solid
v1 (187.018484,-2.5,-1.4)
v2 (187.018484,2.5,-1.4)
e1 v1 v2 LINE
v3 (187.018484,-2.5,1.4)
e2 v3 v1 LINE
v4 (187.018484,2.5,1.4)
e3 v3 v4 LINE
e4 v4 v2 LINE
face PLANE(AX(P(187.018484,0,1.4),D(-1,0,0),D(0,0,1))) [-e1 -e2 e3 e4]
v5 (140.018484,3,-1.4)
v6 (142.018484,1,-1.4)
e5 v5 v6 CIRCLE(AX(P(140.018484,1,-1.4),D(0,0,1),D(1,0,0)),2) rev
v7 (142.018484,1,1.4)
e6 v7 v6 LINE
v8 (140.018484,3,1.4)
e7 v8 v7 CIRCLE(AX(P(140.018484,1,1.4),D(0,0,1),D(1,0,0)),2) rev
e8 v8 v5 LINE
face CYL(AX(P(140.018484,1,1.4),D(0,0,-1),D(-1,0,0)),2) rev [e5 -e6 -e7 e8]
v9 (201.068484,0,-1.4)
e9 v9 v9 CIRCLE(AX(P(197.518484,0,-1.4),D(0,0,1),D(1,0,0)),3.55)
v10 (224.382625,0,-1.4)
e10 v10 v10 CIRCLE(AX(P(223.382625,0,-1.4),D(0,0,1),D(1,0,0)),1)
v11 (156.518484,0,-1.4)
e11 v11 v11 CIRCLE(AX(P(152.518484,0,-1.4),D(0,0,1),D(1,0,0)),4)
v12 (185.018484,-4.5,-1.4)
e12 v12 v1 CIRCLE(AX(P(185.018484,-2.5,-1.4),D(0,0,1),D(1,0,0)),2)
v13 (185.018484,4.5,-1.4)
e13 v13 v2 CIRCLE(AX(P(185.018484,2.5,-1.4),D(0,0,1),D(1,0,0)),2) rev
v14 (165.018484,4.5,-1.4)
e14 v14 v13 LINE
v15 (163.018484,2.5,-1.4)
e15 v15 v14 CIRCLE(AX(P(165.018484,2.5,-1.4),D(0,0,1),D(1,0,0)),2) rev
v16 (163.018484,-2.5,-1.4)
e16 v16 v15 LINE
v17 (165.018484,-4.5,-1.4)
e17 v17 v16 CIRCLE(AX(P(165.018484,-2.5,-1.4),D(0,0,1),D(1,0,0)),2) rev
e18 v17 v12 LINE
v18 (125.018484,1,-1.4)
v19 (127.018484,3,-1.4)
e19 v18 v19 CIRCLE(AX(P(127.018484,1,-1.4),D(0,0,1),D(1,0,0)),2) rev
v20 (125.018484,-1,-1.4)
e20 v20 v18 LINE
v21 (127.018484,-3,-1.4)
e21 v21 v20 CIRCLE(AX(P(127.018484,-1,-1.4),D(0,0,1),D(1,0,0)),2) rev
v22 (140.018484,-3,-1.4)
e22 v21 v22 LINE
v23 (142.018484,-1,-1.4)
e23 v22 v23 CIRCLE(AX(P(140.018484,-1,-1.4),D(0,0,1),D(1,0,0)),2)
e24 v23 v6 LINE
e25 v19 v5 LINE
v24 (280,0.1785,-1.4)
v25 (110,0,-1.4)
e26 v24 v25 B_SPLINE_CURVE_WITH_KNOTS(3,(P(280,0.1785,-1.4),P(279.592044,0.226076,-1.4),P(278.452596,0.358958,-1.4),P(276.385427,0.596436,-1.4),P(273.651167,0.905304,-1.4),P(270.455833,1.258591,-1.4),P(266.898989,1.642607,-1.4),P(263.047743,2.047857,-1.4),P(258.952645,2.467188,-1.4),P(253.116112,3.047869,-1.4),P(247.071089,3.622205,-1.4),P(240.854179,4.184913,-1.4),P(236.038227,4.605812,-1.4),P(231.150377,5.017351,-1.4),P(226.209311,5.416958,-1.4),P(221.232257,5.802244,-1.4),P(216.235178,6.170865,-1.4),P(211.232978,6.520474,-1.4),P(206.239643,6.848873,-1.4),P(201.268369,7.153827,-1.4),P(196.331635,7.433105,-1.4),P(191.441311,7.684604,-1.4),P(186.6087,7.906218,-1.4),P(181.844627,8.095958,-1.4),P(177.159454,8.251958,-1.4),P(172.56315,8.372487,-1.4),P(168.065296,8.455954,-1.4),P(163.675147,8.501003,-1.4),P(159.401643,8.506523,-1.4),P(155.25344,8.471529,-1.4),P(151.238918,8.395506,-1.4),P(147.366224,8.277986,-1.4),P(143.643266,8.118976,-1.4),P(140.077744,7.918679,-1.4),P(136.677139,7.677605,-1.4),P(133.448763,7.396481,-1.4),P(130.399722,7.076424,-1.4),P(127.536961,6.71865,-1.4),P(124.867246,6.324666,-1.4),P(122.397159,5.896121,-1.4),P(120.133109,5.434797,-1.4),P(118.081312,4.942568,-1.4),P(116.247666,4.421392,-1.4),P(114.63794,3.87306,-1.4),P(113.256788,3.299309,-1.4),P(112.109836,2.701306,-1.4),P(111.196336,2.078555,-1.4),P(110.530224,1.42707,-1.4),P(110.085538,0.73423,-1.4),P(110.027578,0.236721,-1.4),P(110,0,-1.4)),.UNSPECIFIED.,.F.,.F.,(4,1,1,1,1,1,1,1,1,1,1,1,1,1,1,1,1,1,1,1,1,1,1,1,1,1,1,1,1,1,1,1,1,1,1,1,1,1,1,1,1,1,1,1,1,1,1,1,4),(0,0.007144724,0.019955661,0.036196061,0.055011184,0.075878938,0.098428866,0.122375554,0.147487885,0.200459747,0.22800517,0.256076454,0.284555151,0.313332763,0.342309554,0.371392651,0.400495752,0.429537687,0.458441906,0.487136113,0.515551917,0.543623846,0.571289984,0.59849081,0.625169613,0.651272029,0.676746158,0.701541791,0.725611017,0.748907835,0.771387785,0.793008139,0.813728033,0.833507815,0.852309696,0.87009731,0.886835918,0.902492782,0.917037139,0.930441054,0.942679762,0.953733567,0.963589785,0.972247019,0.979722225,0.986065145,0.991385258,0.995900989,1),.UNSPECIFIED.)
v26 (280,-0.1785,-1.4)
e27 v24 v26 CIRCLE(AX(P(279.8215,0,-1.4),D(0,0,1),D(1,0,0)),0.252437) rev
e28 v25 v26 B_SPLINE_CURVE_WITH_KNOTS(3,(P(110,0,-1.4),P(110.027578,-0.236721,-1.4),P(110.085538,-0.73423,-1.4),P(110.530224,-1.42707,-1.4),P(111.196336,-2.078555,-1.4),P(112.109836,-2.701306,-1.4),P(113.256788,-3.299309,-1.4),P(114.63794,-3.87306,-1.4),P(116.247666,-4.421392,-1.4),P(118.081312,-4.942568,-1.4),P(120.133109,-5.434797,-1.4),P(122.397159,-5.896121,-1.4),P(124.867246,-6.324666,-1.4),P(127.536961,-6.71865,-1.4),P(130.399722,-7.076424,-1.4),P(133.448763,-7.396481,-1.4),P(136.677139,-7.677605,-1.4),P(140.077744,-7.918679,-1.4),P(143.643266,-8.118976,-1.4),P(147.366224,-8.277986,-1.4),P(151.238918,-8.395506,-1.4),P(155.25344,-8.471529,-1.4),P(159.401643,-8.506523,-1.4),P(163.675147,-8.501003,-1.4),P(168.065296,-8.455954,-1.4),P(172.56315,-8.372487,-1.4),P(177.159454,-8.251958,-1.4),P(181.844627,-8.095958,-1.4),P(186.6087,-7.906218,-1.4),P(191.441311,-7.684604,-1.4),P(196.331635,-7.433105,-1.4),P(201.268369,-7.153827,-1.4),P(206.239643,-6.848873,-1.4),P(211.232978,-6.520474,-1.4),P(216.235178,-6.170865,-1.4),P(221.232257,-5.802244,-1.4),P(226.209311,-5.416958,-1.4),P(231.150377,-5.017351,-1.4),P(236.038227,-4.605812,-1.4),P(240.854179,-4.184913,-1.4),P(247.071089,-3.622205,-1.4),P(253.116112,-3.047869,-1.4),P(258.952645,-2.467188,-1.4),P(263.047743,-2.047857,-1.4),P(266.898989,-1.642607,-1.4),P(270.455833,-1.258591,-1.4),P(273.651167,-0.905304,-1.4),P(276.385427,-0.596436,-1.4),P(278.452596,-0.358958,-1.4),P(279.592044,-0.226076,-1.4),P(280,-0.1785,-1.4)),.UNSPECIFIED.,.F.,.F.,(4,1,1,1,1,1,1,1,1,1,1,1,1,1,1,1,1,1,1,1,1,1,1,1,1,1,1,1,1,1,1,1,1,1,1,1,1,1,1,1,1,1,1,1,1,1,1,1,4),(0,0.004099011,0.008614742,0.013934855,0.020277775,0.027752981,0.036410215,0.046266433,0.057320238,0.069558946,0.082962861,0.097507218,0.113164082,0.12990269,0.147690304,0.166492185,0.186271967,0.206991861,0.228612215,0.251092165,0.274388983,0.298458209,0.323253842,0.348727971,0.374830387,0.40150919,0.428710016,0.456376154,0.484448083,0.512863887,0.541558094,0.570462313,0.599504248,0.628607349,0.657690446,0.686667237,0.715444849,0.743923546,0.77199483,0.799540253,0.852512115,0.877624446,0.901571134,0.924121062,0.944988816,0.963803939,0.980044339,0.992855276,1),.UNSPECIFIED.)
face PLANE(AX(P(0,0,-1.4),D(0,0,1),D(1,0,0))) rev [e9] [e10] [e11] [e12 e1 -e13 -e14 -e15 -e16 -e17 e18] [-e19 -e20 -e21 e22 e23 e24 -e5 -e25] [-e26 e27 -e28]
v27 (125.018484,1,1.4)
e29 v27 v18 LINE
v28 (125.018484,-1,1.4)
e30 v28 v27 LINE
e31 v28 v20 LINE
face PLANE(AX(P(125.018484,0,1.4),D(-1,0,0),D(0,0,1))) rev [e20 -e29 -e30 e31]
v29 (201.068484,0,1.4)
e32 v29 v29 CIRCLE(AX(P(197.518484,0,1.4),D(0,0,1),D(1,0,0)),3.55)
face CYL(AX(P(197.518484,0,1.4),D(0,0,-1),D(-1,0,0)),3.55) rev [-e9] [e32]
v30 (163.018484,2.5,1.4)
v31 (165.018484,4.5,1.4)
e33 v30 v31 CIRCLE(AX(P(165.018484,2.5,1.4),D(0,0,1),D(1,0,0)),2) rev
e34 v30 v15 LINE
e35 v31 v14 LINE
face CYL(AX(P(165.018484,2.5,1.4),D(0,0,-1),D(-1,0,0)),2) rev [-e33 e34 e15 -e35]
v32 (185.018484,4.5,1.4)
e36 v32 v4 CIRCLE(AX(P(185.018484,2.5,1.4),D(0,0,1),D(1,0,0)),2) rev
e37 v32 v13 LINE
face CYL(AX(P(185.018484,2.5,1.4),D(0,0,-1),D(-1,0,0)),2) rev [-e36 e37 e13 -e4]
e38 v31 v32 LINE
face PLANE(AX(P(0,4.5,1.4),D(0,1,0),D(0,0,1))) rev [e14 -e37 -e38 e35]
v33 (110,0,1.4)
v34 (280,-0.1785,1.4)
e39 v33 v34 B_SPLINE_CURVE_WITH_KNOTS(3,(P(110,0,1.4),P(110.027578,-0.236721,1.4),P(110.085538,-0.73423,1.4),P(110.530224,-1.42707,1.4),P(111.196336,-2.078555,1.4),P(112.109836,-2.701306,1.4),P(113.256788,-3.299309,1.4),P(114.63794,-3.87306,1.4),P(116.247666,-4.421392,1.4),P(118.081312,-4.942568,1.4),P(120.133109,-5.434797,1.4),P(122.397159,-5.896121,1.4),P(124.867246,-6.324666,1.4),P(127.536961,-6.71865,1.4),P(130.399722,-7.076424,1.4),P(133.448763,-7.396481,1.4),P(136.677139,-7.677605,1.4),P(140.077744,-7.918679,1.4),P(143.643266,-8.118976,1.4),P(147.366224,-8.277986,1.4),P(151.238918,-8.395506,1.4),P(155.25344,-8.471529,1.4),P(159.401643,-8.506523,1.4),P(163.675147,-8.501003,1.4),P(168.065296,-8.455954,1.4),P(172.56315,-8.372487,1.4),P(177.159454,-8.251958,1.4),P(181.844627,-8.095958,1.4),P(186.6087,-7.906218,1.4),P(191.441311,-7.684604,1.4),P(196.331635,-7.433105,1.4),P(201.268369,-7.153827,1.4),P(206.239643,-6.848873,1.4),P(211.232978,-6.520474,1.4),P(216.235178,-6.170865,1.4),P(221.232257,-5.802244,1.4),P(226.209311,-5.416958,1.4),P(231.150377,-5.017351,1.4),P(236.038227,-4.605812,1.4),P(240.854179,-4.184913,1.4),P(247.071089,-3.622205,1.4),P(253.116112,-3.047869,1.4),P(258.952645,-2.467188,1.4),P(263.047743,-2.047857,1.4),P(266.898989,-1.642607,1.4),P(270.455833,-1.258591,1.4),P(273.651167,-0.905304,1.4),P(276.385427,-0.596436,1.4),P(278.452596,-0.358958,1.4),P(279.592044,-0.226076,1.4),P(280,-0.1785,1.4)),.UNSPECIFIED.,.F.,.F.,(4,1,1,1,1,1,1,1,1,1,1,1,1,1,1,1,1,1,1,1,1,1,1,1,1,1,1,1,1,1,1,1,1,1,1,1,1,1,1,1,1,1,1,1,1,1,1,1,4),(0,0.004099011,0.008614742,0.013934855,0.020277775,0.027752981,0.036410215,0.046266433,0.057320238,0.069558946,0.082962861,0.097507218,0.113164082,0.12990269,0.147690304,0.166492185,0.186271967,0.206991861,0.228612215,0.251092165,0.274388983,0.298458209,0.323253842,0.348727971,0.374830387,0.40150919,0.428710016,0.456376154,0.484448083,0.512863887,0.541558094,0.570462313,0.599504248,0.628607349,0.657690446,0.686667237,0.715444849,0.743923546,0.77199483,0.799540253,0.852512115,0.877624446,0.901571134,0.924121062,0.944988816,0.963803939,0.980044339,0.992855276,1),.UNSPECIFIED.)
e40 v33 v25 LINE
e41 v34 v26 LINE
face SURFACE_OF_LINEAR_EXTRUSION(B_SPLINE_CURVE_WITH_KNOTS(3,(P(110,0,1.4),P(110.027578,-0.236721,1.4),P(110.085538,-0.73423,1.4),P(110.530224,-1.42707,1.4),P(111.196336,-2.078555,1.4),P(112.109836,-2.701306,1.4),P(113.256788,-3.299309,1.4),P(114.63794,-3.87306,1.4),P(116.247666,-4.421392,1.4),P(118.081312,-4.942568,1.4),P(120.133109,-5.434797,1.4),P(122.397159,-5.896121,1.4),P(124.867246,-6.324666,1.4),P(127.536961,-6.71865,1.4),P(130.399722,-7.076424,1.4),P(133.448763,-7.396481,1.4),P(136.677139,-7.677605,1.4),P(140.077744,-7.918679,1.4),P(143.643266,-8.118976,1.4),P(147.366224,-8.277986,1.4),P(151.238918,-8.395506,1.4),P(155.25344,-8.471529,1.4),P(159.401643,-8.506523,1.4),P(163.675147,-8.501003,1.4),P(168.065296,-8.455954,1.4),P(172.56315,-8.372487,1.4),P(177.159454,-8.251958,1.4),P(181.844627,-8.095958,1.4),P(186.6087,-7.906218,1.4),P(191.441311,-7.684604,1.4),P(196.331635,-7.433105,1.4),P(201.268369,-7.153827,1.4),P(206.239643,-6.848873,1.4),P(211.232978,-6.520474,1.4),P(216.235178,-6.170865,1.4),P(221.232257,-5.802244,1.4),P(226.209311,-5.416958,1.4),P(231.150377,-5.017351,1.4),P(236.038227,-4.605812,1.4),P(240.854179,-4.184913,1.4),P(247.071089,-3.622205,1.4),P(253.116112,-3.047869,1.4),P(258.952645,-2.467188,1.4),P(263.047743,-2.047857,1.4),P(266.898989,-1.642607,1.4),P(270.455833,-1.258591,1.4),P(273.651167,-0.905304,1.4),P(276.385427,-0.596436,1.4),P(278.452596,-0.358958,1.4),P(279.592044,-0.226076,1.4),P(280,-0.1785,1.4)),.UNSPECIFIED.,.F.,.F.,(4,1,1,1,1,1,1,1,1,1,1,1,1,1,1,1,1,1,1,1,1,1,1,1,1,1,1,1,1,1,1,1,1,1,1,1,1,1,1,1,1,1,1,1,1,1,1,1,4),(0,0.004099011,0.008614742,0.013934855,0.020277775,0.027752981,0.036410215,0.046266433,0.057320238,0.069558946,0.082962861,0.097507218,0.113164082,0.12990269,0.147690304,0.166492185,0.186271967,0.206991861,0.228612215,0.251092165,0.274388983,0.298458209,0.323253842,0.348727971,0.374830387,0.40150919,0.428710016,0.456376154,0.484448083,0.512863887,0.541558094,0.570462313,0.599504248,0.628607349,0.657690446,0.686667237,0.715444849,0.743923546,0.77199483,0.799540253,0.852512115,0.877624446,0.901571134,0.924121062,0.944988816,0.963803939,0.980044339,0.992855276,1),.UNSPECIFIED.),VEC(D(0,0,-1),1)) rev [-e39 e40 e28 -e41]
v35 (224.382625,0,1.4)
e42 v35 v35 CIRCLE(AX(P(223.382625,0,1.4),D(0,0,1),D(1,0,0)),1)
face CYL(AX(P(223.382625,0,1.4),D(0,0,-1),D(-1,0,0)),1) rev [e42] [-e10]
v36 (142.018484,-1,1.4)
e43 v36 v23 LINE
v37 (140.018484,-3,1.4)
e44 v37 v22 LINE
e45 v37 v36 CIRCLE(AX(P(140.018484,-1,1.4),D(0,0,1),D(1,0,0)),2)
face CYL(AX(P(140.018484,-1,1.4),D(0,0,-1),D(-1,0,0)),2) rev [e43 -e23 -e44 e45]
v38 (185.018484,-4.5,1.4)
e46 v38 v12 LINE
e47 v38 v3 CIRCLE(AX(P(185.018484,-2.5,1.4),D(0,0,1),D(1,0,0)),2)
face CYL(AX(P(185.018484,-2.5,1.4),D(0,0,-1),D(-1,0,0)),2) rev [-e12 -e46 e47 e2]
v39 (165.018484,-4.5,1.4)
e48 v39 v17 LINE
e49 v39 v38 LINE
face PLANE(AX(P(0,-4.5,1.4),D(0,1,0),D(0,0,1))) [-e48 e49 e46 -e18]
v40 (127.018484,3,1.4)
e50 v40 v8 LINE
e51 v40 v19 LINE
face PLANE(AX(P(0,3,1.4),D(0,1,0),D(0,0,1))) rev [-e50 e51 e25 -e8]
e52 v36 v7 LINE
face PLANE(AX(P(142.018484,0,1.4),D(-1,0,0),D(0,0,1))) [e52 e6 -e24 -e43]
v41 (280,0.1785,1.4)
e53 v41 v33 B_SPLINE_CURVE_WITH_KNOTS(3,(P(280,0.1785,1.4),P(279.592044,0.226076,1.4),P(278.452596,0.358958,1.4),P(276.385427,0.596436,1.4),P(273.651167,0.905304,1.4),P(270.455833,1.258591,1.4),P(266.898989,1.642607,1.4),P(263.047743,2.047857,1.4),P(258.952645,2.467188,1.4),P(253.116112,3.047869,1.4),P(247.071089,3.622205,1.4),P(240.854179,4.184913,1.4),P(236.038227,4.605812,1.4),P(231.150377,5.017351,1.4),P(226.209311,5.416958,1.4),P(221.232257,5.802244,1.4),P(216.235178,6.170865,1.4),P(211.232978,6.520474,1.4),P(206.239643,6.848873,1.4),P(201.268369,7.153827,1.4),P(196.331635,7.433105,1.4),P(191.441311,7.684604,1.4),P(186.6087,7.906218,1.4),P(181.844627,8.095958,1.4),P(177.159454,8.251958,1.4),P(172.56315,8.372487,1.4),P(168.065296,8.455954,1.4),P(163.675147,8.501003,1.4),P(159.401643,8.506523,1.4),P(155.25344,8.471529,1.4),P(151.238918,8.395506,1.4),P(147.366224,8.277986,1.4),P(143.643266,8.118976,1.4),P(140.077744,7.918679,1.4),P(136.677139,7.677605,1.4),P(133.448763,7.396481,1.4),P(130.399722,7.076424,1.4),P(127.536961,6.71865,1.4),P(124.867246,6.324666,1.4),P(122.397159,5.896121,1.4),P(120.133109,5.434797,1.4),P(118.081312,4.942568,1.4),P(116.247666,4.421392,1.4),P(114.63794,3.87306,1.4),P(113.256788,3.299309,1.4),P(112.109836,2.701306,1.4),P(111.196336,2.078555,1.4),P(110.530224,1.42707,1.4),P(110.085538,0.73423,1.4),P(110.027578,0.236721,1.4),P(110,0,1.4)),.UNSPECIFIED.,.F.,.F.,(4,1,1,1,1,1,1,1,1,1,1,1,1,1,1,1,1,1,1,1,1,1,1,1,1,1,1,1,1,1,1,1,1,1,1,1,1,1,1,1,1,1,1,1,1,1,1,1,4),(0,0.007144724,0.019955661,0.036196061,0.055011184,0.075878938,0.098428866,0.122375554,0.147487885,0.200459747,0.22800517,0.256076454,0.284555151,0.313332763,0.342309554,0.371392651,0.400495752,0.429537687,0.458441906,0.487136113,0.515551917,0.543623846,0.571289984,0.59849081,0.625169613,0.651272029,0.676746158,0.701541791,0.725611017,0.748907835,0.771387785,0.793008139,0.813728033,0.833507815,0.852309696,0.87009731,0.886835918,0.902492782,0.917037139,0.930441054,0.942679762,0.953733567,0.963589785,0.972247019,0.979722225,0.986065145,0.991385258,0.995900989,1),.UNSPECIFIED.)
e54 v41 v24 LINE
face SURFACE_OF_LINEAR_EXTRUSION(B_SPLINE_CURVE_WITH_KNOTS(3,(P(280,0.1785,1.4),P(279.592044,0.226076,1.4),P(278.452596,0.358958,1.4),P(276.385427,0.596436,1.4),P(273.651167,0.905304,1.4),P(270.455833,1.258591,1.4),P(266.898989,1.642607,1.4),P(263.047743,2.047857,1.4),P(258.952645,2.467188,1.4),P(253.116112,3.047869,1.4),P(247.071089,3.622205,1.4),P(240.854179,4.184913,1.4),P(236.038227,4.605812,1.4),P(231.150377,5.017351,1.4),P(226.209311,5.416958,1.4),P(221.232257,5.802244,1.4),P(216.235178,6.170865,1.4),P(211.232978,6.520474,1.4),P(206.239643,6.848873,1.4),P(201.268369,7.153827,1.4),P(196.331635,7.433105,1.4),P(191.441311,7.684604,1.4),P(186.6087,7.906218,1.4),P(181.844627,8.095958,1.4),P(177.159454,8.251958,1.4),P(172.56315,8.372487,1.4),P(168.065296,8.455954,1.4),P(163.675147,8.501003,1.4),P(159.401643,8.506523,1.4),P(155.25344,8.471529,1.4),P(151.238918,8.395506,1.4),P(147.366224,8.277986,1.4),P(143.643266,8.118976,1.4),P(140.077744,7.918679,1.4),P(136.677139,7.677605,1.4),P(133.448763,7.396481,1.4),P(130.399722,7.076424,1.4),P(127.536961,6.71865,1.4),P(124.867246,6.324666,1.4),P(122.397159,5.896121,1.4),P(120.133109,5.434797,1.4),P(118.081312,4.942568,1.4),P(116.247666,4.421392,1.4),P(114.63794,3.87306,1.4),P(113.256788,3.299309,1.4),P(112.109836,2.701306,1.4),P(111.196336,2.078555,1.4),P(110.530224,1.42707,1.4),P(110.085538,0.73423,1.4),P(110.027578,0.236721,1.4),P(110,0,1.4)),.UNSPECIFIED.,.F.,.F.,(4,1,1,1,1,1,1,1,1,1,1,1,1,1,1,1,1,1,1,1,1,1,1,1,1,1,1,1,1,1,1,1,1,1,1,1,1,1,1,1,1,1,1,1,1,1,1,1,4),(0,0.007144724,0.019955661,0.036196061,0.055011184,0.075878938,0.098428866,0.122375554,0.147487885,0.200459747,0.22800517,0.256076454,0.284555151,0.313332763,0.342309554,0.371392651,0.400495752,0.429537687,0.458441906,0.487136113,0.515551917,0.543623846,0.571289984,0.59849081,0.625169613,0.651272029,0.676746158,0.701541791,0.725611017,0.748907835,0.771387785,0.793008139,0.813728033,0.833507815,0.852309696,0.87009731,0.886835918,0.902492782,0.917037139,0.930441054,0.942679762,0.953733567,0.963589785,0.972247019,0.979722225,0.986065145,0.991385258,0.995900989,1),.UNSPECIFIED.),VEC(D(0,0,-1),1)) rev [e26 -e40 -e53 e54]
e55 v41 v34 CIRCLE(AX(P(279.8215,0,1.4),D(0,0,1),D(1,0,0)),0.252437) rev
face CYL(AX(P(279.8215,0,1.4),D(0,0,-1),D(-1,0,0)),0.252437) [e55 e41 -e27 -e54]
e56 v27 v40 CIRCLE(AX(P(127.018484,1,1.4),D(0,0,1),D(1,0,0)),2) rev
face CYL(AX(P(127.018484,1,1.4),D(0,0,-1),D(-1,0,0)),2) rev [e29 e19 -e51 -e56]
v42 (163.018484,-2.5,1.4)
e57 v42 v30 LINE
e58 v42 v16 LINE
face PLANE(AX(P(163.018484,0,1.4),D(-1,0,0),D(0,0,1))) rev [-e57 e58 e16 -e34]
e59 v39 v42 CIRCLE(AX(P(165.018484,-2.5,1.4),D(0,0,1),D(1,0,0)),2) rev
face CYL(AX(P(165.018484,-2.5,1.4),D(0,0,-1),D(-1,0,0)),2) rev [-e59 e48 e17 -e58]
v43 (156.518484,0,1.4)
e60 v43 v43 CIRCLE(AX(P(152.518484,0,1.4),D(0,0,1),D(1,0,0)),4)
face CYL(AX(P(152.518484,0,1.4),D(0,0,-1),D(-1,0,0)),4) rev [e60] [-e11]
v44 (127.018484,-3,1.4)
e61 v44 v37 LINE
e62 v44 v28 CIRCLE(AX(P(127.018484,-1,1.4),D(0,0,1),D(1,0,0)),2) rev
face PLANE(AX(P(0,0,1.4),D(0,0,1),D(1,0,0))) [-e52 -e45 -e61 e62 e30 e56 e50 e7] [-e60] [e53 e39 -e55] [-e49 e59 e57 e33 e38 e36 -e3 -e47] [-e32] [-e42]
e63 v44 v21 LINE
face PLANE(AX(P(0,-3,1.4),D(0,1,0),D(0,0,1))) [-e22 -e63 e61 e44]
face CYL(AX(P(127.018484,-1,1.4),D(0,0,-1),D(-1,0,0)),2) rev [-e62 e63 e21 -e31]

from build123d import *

# Parameters (mm, degrees)
SKETCH_1_R      = 4
SKETCH_1_R_2    = 3.55
SKETCH_1_R_3    = 1
EXTRUDE_1_DEPTH = 1.4


with BuildPart() as part:
    # Эскиз1 → Бобышка-Вытянуть1 (new, symmetric)
    with BuildSketch(Plane.XY):
        with BuildLine():
            ThreePointArc((280, 0.1785), (280.073937121, 0), (280, -0.1785))
            add(Edge.make_bspline(
                [(110, 0), (110.027578176, -0.23672144), (110.085538218, -0.73423022), (110.530223642, -1.427069758), (111.196336341, -2.078555233), (112.109835923, -2.701306388), (113.256788366, -3.299309238), (114.63793972, -3.873060466), (116.247665798, -4.421392386), (118.081312133, -4.942567641), (120.133109351, -5.434797476), (122.397158974, -5.896120566), (124.867245825, -6.324666077), (127.536961089, -6.718650341), (130.399721686, -7.07642431), (133.448762895, -7.396480569), (136.677139412, -7.677604542), (140.077743555, -7.918678943), (143.643266298, -8.118975561), (147.366223919, -8.277985977), (151.238917925, -8.395506076), (155.253439756, -8.471528808), (159.401643404, -8.506522967), (163.675147454, -8.5010027), (168.065295924, -8.455953662), (172.563150272, -8.372486564), (177.159453511, -8.251957682), (181.844626933, -8.095958493), (186.608700127, -7.906218293), (191.441311474, -7.684604439), (196.331634567, -7.433105337), (201.268368917, -7.153826886), (206.239642946, -6.848873), (211.232977593, -6.52047435), (216.235178286, -6.170864577), (221.232257467, -5.802244475), (226.209311114, -5.416958265), (231.150377303, -5.017351103), (236.038226964, -4.605811749), (240.854179313, -4.184912649), (247.071089236, -3.62220531), (253.116111921, -3.047869044), (258.952644662, -2.467188138), (263.047743378, -2.047856604), (266.898988862, -1.642607304), (270.455833183, -1.258590905), (273.651166984, -0.905304265), (276.385426802, -0.596436482), (278.45259621, -0.358958361), (279.592043704, -0.226075898), (280, -0.1785)],
                knots=[0, 0, 0, 0, 0.004099011, 0.008614742, 0.013934855, 0.020277775, 0.027752981, 0.036410215, 0.046266433, 0.057320238, 0.069558946, 0.082962861, 0.097507218, 0.113164082, 0.12990269, 0.147690304, 0.166492185, 0.186271967, 0.206991861, 0.228612215, 0.251092165, 0.274388983, 0.298458209, 0.323253842, 0.348727971, 0.374830387, 0.40150919, 0.428710016, 0.456376154, 0.484448083, 0.512863887, 0.541558094, 0.570462313, 0.599504248, 0.628607349, 0.657690446, 0.686667237, 0.715444849, 0.743923546, 0.77199483, 0.799540253, 0.852512115, 0.877624446, 0.901571134, 0.924121062, 0.944988816, 0.963803939, 0.980044339, 0.992855276, 1, 1, 1, 1], degree=3))
            add(Edge.make_bspline(
                [(280, 0.1785), (279.592043704, 0.226075898), (278.45259621, 0.358958361), (276.385426802, 0.596436482), (273.651166984, 0.905304265), (270.455833183, 1.258590905), (266.898988862, 1.642607304), (263.047743378, 2.047856604), (258.952644662, 2.467188138), (253.116111921, 3.047869044), (247.071089236, 3.62220531), (240.854179313, 4.184912649), (236.038226964, 4.605811749), (231.150377303, 5.017351103), (226.209311114, 5.416958265), (221.232257467, 5.802244475), (216.235178286, 6.170864577), (211.232977593, 6.52047435), (206.239642946, 6.848873), (201.268368917, 7.153826886), (196.331634567, 7.433105337), (191.441311474, 7.684604439), (186.608700127, 7.906218293), (181.844626933, 8.095958493), (177.159453511, 8.251957682), (172.563150272, 8.372486564), (168.065295924, 8.455953662), (163.675147454, 8.5010027), (159.401643404, 8.506522967), (155.253439756, 8.471528808), (151.238917925, 8.395506076), (147.366223919, 8.277985977), (143.643266298, 8.118975561), (140.077743555, 7.918678943), (136.677139412, 7.677604542), (133.448762895, 7.396480569), (130.399721686, 7.07642431), (127.536961089, 6.718650341), (124.867245825, 6.324666077), (122.397158974, 5.896120566), (120.133109351, 5.434797476), (118.081312133, 4.942567641), (116.247665798, 4.421392386), (114.63793972, 3.873060466), (113.256788366, 3.299309238), (112.109835923, 2.701306388), (111.196336341, 2.078555233), (110.530223642, 1.427069758), (110.085538218, 0.73423022), (110.027578176, 0.23672144), (110, 0)],
                knots=[0, 0, 0, 0, 0.007144724, 0.019955661, 0.036196061, 0.055011184, 0.075878938, 0.098428866, 0.122375554, 0.147487885, 0.200459747, 0.22800517, 0.256076454, 0.284555151, 0.313332763, 0.342309554, 0.371392651, 0.400495752, 0.429537687, 0.458441906, 0.487136113, 0.515551917, 0.543623846, 0.571289984, 0.59849081, 0.625169613, 0.651272029, 0.676746158, 0.701541791, 0.725611017, 0.748907835, 0.771387785, 0.793008139, 0.813728033, 0.833507815, 0.852309696, 0.87009731, 0.886835918, 0.902492782, 0.917037139, 0.930441054, 0.942679762, 0.953733567, 0.963589785, 0.972247019, 0.979722225, 0.986065145, 0.991385258, 0.995900989, 1, 1, 1, 1], degree=3))
        make_face()
        with Locations((152.51848428, 0)):
            Circle(SKETCH_1_R, mode=Mode.SUBTRACT)
        with Locations((197.51848428, 0)):
            Circle(SKETCH_1_R_2, mode=Mode.SUBTRACT)
        with Locations((223.382624747, 0)):
            Circle(SKETCH_1_R_3, mode=Mode.SUBTRACT)
        with BuildLine():
            Line((127.01848428, -3), (140.01848428, -3))
            ThreePointArc((140.01848428, -3), (141.432697843, -2.414213562), (142.01848428, -1))
            Line((142.01848428, -1), (142.01848428, 1))
            ThreePointArc((142.01848428, 1), (141.432697843, 2.414213562), (140.01848428, 3))
            Line((140.01848428, 3), (127.01848428, 3))
            ThreePointArc((127.01848428, 3), (125.604270718, 2.414213562), (125.01848428, 1))
            Line((125.01848428, 1), (125.01848428, -1))
            ThreePointArc((125.01848428, -1), (125.604270718, -2.414213562), (127.01848428, -3))
        make_face(mode=Mode.SUBTRACT)
        with BuildLine():
            Line((165.01848428, -4.5), (185.01848428, -4.5))
            ThreePointArc((185.01848428, -4.5), (186.432697843, -3.914213562), (187.01848428, -2.5))
            Line((187.01848428, -2.5), (187.01848428, 2.5))
            ThreePointArc((187.01848428, 2.5), (186.432697843, 3.914213562), (185.01848428, 4.5))
            Line((185.01848428, 4.5), (165.01848428, 4.5))
            ThreePointArc((165.01848428, 4.5), (163.604270718, 3.914213562), (163.01848428, 2.5))
            Line((163.01848428, 2.5), (163.01848428, -2.5))
            ThreePointArc((163.01848428, -2.5), (163.604270718, -3.914213562), (165.01848428, -4.5))
        make_face(mode=Mode.SUBTRACT)
    extrude(amount=EXTRUDE_1_DEPTH, both=True)


solid = part.part
